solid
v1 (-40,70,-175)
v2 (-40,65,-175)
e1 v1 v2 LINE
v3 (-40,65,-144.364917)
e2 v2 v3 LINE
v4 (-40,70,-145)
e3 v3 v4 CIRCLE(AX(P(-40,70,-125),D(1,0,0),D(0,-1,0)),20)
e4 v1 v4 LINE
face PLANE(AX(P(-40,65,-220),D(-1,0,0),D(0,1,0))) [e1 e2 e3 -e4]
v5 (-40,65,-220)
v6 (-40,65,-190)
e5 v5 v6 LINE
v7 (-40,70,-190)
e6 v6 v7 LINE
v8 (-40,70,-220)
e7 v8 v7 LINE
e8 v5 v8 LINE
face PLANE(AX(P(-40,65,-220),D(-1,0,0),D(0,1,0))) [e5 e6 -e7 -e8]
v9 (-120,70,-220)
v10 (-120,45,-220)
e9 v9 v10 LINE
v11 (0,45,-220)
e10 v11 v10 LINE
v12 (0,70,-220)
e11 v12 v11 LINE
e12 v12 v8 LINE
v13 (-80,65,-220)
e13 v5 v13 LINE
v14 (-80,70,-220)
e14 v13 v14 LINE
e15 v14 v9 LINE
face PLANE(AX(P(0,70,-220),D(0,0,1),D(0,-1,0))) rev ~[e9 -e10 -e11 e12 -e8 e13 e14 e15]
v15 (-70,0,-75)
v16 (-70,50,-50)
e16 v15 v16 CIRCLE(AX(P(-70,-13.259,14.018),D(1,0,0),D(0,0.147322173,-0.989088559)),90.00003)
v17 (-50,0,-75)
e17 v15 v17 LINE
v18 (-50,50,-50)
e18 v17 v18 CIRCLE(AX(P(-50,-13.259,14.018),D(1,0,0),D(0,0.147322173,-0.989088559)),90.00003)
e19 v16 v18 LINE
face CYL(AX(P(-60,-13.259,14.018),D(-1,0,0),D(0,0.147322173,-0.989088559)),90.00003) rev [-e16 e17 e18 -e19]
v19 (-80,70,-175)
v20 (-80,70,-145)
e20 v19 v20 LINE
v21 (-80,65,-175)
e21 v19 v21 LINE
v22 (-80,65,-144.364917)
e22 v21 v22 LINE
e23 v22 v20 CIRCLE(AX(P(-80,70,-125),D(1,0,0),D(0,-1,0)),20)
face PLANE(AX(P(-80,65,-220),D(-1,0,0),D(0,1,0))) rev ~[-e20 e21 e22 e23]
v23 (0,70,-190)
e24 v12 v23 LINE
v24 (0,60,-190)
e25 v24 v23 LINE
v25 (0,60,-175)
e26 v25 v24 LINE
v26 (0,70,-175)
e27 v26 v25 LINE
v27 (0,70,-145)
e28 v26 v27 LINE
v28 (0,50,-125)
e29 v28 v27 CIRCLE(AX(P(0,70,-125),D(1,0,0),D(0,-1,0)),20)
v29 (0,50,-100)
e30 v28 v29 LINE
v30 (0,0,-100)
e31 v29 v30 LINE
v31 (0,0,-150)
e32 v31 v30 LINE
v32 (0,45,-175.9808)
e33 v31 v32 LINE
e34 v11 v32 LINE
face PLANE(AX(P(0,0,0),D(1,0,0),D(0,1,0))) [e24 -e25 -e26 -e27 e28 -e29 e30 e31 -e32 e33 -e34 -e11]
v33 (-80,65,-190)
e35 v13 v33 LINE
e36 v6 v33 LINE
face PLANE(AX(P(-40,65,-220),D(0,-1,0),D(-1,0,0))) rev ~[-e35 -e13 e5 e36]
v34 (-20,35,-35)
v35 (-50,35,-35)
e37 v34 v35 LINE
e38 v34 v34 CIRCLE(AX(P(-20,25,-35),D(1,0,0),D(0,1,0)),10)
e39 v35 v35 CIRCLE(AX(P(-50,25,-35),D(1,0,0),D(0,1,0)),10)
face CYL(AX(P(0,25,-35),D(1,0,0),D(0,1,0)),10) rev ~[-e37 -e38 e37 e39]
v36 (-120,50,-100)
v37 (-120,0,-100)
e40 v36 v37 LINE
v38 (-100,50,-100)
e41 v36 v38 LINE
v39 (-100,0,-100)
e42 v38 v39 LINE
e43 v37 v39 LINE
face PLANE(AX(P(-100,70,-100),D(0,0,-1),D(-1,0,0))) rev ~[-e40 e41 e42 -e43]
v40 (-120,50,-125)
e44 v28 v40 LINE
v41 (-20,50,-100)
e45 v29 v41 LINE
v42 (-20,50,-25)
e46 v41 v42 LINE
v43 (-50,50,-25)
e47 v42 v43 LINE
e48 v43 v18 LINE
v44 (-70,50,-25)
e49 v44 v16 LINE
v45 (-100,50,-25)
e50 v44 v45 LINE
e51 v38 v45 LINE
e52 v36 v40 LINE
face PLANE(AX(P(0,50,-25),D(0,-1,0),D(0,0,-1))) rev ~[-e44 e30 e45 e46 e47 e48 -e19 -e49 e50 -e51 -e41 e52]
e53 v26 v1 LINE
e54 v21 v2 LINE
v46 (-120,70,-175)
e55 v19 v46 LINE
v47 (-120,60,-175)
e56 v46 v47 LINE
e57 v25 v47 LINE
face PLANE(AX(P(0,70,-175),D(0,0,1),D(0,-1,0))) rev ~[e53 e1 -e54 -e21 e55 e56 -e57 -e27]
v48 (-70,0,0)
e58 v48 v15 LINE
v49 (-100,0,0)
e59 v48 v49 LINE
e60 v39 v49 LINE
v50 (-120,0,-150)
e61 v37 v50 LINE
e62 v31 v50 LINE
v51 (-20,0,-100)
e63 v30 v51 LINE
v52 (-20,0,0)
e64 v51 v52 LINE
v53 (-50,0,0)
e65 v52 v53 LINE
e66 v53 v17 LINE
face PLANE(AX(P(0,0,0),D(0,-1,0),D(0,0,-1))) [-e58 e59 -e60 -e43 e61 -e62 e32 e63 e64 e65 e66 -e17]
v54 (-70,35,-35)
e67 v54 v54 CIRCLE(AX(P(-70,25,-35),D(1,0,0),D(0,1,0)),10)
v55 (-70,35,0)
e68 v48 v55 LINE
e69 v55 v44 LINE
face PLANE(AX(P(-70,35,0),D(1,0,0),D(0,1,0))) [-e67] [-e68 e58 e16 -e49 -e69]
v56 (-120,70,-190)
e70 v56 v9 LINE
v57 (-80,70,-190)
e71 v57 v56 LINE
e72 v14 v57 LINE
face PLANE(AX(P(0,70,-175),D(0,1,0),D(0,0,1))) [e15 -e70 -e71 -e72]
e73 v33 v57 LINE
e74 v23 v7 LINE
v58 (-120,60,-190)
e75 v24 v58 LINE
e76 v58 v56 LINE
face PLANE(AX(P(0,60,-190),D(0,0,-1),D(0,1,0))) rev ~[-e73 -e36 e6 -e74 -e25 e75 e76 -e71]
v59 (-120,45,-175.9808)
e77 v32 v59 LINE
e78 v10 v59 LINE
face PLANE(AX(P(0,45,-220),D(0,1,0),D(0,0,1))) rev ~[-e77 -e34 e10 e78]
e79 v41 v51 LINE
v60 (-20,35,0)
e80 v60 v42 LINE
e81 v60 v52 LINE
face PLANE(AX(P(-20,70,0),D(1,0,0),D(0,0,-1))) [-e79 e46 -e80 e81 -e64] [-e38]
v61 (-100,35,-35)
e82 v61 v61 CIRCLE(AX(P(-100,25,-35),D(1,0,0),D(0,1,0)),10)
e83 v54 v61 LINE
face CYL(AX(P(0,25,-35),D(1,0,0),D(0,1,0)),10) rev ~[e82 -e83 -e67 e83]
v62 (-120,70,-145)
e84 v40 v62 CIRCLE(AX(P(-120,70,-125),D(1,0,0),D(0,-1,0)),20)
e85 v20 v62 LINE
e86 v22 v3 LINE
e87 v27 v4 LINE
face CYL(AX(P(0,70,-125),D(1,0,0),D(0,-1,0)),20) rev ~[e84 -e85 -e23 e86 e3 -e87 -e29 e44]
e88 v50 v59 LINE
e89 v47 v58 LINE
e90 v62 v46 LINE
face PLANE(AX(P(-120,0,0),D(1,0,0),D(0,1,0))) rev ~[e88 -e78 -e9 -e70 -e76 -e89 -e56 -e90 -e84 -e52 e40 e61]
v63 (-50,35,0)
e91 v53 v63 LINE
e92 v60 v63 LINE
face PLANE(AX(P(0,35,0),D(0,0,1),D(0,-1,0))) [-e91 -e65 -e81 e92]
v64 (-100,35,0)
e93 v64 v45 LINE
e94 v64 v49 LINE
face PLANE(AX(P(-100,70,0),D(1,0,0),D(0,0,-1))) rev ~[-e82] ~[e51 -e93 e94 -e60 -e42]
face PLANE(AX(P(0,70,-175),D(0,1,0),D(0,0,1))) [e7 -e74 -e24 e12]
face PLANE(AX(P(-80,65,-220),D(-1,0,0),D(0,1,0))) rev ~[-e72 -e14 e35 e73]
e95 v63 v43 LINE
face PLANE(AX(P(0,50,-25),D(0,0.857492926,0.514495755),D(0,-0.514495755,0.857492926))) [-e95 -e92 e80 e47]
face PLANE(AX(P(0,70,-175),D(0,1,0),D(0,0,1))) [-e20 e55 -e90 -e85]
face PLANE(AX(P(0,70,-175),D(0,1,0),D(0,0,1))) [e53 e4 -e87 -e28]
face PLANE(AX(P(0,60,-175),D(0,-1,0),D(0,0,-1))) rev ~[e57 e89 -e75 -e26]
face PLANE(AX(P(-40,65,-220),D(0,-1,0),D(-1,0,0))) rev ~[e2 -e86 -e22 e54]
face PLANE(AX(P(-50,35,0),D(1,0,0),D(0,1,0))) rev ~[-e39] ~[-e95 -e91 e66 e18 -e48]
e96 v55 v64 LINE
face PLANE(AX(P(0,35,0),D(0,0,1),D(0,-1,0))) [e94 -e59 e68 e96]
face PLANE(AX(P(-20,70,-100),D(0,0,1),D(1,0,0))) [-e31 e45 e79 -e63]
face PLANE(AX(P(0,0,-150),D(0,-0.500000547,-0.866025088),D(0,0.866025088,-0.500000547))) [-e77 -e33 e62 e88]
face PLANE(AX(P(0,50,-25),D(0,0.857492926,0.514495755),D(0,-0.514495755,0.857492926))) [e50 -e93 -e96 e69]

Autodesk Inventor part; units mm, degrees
ref_plane "XZ Plane" through (0, 0, 0) normal (0, 1, 0) x (-1, 0, 0)
ref_plane "XY Plane" through (0, 0, 0) normal (0, 0, 1) x (1, 0, 0)
sketch "Sketch1" plane through (0, 0, 0) normal (1, 0, 0) x (0, 1, 0)
  point P0 (0, 0)
sketch "Sketch2" plane through (0, 0, 0) normal (1, 0, 0) x (0, 1, 0)
  line L0 (70, -220) -> (0, -220) construction
  line L1 (0, -220) -> (0, 0) construction
  circle A0 centre (25, -35) radius 10
  line L2 (0, 0) -> (0, -150)
  line L3 (0, -150) -> (161.1976, -150) construction
  line L4 (70, -220) -> (45, -220)
  line L5 (70, -220) -> (70, -145)
  line L6 (70, -145) -> (70, -145)
  line L7 (50, -125) -> (50, 0) construction
  line L8 (50, 0) -> (0, 0) construction
  arc A1 (50, -125) -> (70, -145) centre (70, -125) ccw
  line L9 (50, -25) -> (35, 0)
  line L10 (0, -150) -> (116.4137, -150) construction
  line L11 (45, -220) -> (45, -175.9808)
  line L12 (50, -25) -> (50, -125)
  line L13 (35, 0) -> (0, 0)
  line L14 (0, -150) -> (45, -175.9808)
  line L15 (50, 0) -> (50, -50)
  line L16 (0, 0) -> (0, -75)
  circle A2 centre (-13.259, 14.018) radius 90 construction
  arc A3 (0, -75) -> (50, -50) centre (-13.259, 14.018) ccw
  line L17 (70, -190) -> (70, -175)
  line L18 (70, -175) -> (60, -175)
  line L19 (60, -175) -> (60, -190)
  line L20 (60, -190) -> (70, -190)
  point P0 (35, 0)
  point P1 (50, -145)
  point P2 (17.5, 0)
  dimension "d0" = 220
  dimension "d1" = 70
  dimension "d2" = 20
  dimension "d5" = 25
  dimension "d7" = 150
  dimension "d9" = 25
  dimension "d10" = 75
  dimension "d12" = 20
  dimension "d13" = 20
  dimension "d14" = 25
  dimension "d15" = 15
  dimension "d17" = 35
  dimension "d25" = 50
  dimension "d26" = 75
  dimension "d27" = 180
  dimension "d28" = 30
  dimension "d29" = 15
  dimension "d30" = 10
extrude "Extrusion1" add sketch "Sketch2" against normal blind 120
sketch "Sketch3" plane through (0, 70, -145) normal (0, 1, 0) x (1, 0, 0)
  line L0 (0, -145) -> (-120, -145) projected
  line L1 (-60, -145) -> (-60, 75)
  line L2 (0, 75) -> (-120, 75) projected
  line L3 (-120, -145) -> (-120, 75)
  line L4 (-120, 75) -> (0, 75)
  line L5 (0, -145) -> (-120, -145)
  line L6 (0, -145) -> (0, 75)
  line L7 (-100, -145) -> (-20, -145)
  line L8 (-20, -145) -> (-20, -45)
  line L9 (0, 30.9808) -> (-120, 30.9808) projected
  line L10 (-100, -145) -> (-100, -45)
  line L11 (-100, -45) -> (-120, -45)
  line L12 (-20, -45) -> (0, -45)
  dimension "d21" = 80
  dimension "d22" = 100
extrude "Extrusion2" cut sketch "Sketch3" against normal blind 120 contours L0 L8 L12 L6 | L0 L3 L11 L10
extrude "Extrusion3" cut sketch "Sketch2" against normal blind 120 contours L5 L20 L19 L18
ref_plane "Work Plane1" through (-60, 35, 0) normal (1, 0, 0) x (0, 1, 0)
sketch "Sketch4" plane through (-60, 35, 0) normal (1, 0, 0) x (0, 1, 0)
  line L0 (-35, 0) -> (0, 0) projected
  line L1 (-35, 0) -> (0, 0)
  line L2 (0, 0) -> (15, -25) projected
  line L3 (0, 0) -> (15, -25)
  line L4 (-35, 0) -> (-35, -75)
  arc A0 (-35, -75) -> (15, -50) centre (-48.259, 14.018) ccw
  line L5 (15, 0) -> (15, -50)
  line L6 (15, -25) -> (15, -100) projected
  line L7 (15, -50) -> (15, -100)
  line L8 (15, -100) -> (-35, -100)
  line L9 (-35, -100) -> (-35, -75)
  line L10 (15, 0) -> (-35, 0)
  dimension "d9" = 25
  dimension "d33" = 75
  dimension "d34" = 180
  dimension "d35" = 50
extrude "Extrusion4" cut sketch "Sketch4" along normal mid plane 20 contours L0 L2 L5 A0 L4
sketch "Sketch5" plane through (0, 45, -220) normal (0, 0, -1) x (-1, 0, 0)
  line L0 (0, 25) -> (120, 25) projected
  line L1 (60, 25) -> (60, -45) construction
  line L2 (40, 20) -> (80, 20)
  line L3 (40, 20) -> (40, 25)
  line L4 (80, 20) -> (80, 25)
  line L5 (40, 25) -> (80, 25)
  point P0 (0, -45)
  point P1 (60, 20)
  dimension "d38" = 40
  dimension "d39" = 5
extrude "Extrusion5" cut sketch "Sketch5" against normal blind 200
properties part number "thi1"
